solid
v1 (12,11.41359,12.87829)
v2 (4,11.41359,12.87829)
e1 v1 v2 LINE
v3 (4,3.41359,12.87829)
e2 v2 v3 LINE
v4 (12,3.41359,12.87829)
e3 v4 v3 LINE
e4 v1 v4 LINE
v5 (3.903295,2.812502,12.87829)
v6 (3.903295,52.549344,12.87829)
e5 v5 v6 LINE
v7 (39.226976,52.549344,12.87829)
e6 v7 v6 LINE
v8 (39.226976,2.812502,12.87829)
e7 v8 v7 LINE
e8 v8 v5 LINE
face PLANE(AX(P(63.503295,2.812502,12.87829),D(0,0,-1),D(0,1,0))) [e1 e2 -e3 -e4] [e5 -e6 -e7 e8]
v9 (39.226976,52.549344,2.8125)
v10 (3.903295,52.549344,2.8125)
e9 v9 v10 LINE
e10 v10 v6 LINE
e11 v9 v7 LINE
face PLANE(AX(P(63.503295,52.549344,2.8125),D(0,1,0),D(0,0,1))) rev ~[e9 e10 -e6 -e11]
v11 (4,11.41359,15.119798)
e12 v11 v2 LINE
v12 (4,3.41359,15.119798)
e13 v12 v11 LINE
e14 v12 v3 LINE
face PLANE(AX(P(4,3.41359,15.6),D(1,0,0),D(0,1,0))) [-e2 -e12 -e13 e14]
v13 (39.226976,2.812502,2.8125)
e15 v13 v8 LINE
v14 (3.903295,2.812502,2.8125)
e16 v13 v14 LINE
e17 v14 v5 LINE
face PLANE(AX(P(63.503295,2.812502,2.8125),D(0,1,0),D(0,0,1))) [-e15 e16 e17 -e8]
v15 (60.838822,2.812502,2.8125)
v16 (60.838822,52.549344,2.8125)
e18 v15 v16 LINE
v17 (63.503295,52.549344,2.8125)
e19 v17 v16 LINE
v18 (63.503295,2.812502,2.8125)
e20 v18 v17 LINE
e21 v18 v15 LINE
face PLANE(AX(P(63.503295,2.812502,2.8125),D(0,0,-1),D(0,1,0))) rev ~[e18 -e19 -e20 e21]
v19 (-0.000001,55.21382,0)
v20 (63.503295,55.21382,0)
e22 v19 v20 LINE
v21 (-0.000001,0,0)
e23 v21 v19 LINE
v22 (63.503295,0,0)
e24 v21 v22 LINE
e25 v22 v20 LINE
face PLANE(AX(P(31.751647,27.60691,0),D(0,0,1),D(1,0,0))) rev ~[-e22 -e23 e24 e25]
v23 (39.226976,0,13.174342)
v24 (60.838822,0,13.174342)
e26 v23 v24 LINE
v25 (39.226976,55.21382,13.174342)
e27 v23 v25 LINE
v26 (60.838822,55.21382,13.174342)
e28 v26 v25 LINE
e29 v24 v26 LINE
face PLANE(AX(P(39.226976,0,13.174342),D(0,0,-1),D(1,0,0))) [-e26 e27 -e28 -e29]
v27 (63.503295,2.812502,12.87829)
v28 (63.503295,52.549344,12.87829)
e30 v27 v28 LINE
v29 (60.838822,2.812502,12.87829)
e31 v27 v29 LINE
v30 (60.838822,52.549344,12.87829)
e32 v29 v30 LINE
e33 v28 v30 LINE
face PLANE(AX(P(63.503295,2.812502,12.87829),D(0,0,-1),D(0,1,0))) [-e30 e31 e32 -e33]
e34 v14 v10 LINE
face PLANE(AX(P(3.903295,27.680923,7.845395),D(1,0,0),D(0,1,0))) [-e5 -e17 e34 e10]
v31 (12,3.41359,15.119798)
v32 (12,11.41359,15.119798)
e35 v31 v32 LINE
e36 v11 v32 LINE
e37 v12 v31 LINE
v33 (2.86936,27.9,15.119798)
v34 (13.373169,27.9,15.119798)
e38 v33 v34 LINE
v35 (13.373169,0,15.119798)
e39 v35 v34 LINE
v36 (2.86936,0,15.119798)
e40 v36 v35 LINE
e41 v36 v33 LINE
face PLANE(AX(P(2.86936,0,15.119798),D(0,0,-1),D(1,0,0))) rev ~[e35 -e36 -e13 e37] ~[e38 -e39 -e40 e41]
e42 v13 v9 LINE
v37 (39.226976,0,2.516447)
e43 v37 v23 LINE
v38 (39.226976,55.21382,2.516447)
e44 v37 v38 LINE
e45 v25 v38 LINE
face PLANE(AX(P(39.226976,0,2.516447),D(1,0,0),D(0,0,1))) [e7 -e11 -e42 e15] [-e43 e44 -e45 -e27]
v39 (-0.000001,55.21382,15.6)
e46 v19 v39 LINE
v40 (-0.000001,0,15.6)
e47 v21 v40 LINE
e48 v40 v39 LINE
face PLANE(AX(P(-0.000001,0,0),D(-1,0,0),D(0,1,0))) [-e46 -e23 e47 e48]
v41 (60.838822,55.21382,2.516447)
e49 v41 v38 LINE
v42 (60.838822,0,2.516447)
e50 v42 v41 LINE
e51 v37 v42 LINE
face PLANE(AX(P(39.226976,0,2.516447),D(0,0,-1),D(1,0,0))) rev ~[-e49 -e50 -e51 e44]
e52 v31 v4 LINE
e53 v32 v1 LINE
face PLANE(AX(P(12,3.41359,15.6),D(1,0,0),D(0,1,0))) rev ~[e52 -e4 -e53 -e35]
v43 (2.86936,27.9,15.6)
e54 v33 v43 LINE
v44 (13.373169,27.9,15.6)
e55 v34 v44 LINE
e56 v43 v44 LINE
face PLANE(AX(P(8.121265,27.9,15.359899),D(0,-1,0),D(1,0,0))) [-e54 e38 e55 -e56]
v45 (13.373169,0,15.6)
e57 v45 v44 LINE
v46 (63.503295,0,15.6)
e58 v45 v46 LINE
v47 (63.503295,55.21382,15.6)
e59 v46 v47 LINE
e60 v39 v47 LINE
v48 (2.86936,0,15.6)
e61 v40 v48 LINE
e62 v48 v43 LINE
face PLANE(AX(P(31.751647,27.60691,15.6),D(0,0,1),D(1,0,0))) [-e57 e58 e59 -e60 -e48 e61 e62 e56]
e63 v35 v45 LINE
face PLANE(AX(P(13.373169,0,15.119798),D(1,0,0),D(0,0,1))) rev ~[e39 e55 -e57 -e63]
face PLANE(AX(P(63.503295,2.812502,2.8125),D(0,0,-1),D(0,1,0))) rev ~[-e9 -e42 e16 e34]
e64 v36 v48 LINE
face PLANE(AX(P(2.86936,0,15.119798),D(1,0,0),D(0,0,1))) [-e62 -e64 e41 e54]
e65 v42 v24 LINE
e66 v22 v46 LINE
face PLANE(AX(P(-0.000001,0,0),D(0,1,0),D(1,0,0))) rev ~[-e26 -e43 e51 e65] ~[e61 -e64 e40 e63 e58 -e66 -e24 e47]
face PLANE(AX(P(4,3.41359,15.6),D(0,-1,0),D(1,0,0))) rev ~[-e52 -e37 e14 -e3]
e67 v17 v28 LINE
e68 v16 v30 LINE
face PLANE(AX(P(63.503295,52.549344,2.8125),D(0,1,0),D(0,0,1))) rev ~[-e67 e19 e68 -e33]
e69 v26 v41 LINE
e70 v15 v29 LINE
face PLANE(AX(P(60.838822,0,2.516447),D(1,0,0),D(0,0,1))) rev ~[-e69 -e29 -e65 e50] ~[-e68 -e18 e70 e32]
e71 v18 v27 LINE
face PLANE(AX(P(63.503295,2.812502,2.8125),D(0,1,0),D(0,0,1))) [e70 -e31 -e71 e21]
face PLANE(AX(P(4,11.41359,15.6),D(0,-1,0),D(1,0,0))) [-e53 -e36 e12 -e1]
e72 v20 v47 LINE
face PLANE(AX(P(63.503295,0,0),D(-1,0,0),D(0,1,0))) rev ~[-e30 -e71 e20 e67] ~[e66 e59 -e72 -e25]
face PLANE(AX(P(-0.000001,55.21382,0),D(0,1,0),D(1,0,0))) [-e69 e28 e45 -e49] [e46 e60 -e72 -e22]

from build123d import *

# Parameters (mm, degrees)
F0_W     = 63.503295
F0_H     = 55.21382
F1_DEPTH = 15.6
F2_W     = 21.611847
F2_H     = 10.657895
F3_DEPTH = 60.6
F4_W     = 49.736842
F4_H     = 10.06579
F5_DEPTH = 59.6
F6_W     = 8
F6_H     = 8
F7_DEPTH = 6.1
F8_W     = 10.503809
F8_H     = 0.480202
F9_DEPTH = 27.9


with BuildPart() as f1:
    # F0 (on Top) → F1 (new body)
    with BuildSketch(Plane.XY):
        with Locations((31.751647, 27.60691)):
            Rectangle(F0_W, F0_H)
    extrude(amount=F1_DEPTH)

    # F2 (on face) → F3 (cut)
    with BuildSketch(Plane.XZ):
        with Locations((50.032899, 7.845395)):
            Rectangle(F2_W, F2_H)
    extrude(amount=-F3_DEPTH, mode=Mode.SUBTRACT)

    # F4 (on face) → F5 (cut)
    with BuildSketch(Plane.YZ.offset(63.503295)):
        with Locations((27.680923, 7.845395)):
            Rectangle(F4_W, F4_H)
    extrude(amount=-F5_DEPTH, mode=Mode.SUBTRACT)

    # F6 (on face) → F7 (cut)
    with BuildSketch(Plane.XY.offset(15.6)):
        with Locations((8, 7.41359)):
            Rectangle(F6_W, F6_H)
    extrude(amount=-F7_DEPTH, mode=Mode.SUBTRACT)

    # F8 (on face) → F9 (cut)
    with BuildSketch(Plane.XZ):
        with Locations((8.121265, 15.359899)):
            Rectangle(F8_W, F8_H)
    extrude(amount=-F9_DEPTH, mode=Mode.SUBTRACT)


solid = f1.part
